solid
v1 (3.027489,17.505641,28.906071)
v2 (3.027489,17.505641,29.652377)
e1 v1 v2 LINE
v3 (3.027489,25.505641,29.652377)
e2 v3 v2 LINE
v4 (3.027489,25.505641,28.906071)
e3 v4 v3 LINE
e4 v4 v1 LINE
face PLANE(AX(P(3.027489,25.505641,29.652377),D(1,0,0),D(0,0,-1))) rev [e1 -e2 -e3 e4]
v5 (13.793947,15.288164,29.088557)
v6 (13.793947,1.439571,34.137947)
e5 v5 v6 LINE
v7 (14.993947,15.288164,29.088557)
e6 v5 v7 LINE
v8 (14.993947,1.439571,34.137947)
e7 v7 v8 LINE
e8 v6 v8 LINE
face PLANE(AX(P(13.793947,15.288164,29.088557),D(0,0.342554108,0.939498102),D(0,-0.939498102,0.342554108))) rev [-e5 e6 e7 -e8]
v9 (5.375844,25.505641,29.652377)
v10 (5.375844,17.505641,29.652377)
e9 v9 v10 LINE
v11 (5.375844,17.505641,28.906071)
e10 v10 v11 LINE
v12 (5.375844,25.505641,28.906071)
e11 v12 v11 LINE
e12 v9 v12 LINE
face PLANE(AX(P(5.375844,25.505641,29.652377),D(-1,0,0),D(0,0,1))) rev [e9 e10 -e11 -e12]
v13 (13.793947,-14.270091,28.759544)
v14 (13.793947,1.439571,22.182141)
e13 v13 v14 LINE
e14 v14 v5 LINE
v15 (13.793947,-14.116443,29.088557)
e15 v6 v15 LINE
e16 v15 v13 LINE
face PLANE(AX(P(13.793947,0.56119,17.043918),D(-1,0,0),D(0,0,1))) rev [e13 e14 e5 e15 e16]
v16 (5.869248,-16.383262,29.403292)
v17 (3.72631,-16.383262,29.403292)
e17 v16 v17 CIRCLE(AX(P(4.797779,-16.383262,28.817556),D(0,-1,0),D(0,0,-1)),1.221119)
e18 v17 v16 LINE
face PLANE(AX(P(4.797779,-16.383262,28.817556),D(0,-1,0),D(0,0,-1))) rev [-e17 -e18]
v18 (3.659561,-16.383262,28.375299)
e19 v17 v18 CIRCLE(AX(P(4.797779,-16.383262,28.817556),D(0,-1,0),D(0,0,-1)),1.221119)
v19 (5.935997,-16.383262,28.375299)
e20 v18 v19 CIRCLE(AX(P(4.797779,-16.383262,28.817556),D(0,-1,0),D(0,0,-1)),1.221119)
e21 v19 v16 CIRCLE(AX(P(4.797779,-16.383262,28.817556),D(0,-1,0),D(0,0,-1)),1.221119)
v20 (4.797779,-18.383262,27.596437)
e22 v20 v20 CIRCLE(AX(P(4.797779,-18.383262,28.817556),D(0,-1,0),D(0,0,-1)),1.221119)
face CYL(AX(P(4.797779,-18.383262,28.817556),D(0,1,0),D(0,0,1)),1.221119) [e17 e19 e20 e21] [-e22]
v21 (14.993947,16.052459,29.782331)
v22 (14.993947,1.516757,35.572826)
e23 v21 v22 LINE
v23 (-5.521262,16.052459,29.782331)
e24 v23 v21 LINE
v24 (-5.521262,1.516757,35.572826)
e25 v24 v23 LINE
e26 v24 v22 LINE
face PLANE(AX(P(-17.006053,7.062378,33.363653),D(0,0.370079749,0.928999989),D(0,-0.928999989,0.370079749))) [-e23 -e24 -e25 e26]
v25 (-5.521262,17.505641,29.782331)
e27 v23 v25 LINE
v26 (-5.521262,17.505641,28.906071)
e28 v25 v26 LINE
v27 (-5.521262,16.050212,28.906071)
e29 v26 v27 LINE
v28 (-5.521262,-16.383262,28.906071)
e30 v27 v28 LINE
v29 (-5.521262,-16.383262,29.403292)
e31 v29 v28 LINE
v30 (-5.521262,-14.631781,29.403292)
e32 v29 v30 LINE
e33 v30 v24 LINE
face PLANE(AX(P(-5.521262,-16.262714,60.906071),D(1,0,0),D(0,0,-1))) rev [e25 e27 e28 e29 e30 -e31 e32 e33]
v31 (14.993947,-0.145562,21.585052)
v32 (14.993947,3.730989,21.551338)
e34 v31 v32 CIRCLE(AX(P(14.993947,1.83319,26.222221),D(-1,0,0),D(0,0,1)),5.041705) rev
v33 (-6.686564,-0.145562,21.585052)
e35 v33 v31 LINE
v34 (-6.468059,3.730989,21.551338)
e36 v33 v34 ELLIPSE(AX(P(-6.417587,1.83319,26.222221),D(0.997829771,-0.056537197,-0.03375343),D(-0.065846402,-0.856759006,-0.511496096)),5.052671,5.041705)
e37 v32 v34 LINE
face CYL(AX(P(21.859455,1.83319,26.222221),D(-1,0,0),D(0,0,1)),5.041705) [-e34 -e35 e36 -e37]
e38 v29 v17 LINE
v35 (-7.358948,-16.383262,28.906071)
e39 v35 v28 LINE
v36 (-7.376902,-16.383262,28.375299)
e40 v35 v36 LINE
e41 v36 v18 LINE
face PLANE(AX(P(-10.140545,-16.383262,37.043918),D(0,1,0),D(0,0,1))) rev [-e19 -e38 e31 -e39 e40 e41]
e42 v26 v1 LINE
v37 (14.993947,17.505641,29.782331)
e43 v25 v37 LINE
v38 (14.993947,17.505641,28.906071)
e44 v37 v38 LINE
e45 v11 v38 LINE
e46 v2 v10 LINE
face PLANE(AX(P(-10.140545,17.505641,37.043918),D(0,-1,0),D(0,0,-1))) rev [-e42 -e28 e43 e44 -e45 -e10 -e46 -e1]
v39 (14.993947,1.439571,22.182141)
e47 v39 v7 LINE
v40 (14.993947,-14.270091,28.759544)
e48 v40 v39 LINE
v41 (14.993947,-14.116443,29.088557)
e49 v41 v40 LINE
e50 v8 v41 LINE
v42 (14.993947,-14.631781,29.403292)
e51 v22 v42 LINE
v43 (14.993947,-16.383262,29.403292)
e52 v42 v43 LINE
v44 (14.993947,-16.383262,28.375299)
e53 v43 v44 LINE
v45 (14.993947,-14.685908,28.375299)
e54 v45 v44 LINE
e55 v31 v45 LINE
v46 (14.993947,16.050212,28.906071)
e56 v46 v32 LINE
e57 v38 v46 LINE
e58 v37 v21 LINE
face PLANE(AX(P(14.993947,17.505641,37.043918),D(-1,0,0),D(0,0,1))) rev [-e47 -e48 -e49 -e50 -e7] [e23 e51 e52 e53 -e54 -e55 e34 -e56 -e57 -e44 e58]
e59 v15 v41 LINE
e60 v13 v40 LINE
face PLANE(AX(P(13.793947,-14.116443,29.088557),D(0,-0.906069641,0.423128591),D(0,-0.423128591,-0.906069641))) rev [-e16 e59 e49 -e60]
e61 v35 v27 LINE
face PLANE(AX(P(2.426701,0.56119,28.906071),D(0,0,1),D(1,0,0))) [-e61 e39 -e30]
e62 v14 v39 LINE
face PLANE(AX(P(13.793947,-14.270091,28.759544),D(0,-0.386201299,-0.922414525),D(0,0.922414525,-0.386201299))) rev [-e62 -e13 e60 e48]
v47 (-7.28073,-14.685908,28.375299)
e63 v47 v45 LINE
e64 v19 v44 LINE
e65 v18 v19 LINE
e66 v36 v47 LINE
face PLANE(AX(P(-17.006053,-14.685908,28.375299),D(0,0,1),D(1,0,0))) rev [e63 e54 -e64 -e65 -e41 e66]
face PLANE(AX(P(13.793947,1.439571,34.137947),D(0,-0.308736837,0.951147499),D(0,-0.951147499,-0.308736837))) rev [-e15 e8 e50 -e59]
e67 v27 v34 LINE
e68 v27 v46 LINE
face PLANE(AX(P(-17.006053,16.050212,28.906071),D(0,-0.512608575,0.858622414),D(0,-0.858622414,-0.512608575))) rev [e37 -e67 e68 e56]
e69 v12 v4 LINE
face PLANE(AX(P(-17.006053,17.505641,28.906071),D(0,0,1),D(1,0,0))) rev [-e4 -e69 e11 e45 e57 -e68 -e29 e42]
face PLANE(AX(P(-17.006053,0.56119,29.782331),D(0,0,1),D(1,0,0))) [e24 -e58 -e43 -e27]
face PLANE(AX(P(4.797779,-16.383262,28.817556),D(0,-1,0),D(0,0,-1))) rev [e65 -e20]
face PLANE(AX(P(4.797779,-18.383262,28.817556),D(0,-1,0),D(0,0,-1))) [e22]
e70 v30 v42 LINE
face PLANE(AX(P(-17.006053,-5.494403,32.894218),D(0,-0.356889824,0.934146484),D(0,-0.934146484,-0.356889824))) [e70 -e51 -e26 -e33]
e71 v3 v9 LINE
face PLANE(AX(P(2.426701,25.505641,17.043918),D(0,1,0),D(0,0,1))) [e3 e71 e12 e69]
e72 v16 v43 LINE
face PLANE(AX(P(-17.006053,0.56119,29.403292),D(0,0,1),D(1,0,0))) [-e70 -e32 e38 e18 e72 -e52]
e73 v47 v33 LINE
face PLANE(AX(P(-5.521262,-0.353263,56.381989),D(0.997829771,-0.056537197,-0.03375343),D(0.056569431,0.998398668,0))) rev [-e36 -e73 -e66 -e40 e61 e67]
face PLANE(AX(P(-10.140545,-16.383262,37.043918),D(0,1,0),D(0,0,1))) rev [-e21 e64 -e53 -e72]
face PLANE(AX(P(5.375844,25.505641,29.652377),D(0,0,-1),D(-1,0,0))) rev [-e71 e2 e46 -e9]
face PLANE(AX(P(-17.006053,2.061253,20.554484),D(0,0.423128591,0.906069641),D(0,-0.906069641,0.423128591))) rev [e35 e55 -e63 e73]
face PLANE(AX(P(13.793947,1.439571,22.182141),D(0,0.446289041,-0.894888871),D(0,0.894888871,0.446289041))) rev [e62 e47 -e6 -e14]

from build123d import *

# Parameters (mm, degrees)
SKETCH4_W           = 62.83623107
SKETCH4_H           = 84.722256574
BOSS_EXTRUDE2_DEPTH = 50
CUT_EXTRUDE2_DEPTH  = 80
CUT_EXTRUDE3_DEPTH  = 80
CUT_EXTRUDE5_DEPTH  = 80
CUT_EXTRUDE6_DEPTH  = 3
CUT_EXTRUDE8_DEPTH  = 80
CUT_EXTRUDE9_DEPTH  = 80
SKETCH11_W          = 5.870888161
SKETCH11_H          = 1.865764547
BOSS_EXTRUDE3_DEPTH = 20
SCALE1_SCALE        = 0.5
SCALE2_SCALE        = 0.4
SCALE3_SCALE        = 0.5
SCALE5_SCALE        = 4
SKETCH13_R          = 1.221118876
BOSS_EXTRUDE4_DEPTH = 2


with BuildPart() as part:
    # Sketch4 → Boss-Extrude2 (new body)
    with BuildSketch(Plane.XY):
        Rectangle(SKETCH4_W, SKETCH4_H)
    extrude(amount=BOSS_EXTRUDE2_DEPTH)

    # Sketch5 → Cut-Extrude2 (cut)
    with BuildSketch(Plane(origin=(31.418115535, 0, 0), x_dir=(0, 0, -1), z_dir=(1, 0, 0))):
        Polygon((-31.846034257, 38.728174008), (-31.846034257, 42.361128287), (-50, 42.361128287), (-50, -42.361128287), (-30.898434646, -42.361128287), (-30.898434646, -37.982426726), (-46.322270236, 2.38891709), align=None)
    extrude(amount=-CUT_EXTRUDE2_DEPTH, mode=Mode.SUBTRACT)

    # Sketch6 → Cut-Extrude3 (cut)
    with BuildSketch(Plane(origin=(31.418115535, 0, 0), x_dir=(0, 0, -1), z_dir=(1, 0, 0))):
        Polygon((-29.655383969, 42.361128287), (-29.655383969, 38.722554473), (-8.776416022, 3.750158878), (-28.328453067, -38.117745), (-28.328453067, -42.361128287), (-27.677514405, -46.625913761), (16.839811583, -52.045359618), (10.267667228, 27.190343951), (3.73953172, 54.484047391), align=None)
    extrude(amount=-CUT_EXTRUDE3_DEPTH, mode=Mode.SUBTRACT)

    # Sketch7 → Cut-Extrude5 (cut)
    with BuildSketch(Plane.ZY.offset(31.418115535)):
        with BuildLine():
            ThreePointArc((13.228873585, 11.208051798), (10.417703783, 4.563945687), (11.71087014, -2.533556863))
            ThreePointArc((11.71087014, -2.533556863), (0.747619784, 5.632177302), (13.228873585, 11.208051798))
        make_face()
    extrude(amount=-CUT_EXTRUDE5_DEPTH, mode=Mode.SUBTRACT)

    # Sketch8 → Cut-Extrude6 (cut)
    with BuildSketch(Plane(origin=(31.418115535, 0, 0), x_dir=(0, 0, -1), z_dir=(1, 0, 0))):
        Polygon((-30.111598921, 36.817435747), (-42.735074125, 2.19595341), (-30.111598921, -36.694083179), (-29.289064541, -37.07820135), (-12.845557678, 2.19595341), align=None)
    extrude(amount=-CUT_EXTRUDE6_DEPTH, mode=Mode.SUBTRACT)

    # Sketch9 → Cut-Extrude8 (cut)
    with BuildSketch(Plane(origin=(0, 0, 29.655383969), x_dir=(-1, 0, 0), z_dir=(0, 0, -1))):
        Polygon((19.869908303, 42.361128287), (19.869908303, 38.722554473), (19.869908303, 5.586987563), (19.869908303, -4.186945454), (19.869908303, -38.208459621), (19.869908303, -42.059759196), (19.869908303, -47.026854784), (41.256673117, -49.585938288), (42.081255469, -21.197702537), (42.081255469, 12.428184914), (37.482224788, 37.513066745), (31.418115535, 49.4837873), align=None)
    extrude(amount=-CUT_EXTRUDE8_DEPTH, mode=Mode.SUBTRACT)

    # Sketch10 → Cut-Extrude9 (cut)
    with BuildSketch(Plane(origin=(0, -2.877407212, 4.819674209), x_dir=(-1, 0, 0), z_dir=(0, 0.5126085745439567, -0.8586224136976701))):
        Polygon((19.869908303, 48.44965729), (25.693686727, -39.803296282), (32.448126733, -43.444815965), (49.802642339, -43.444815965), (32.448126733, 57.840856492), align=None)
    extrude(amount=-CUT_EXTRUDE9_DEPTH, mode=Mode.SUBTRACT)

    # Sketch11 → Boss-Extrude3 (add)
    with BuildSketch(Plane(origin=(0, 42.361128287, 0), x_dir=(1, 0, 0), z_dir=(0, 1, 0))):
        with Locations((4.437413085, -30.588266243)):
            Rectangle(SKETCH11_W, SKETCH11_H)
    extrude(amount=BOSS_EXTRUDE3_DEPTH)


with BuildPart() as part_1:
    # Scale1: scaled about (4.044501914, 0.935318094, 28.406526913)
    add(part.part.scale(SCALE1_SCALE).moved(Location((2.022250957, 0.467659047, 14.203263457))))


with BuildPart() as part_2:
    # Scale2: scaled about (4.044501914, 0.935318094, 28.406526913)
    add(part_1.part.scale(SCALE2_SCALE).moved(Location((2.426701148, 0.561190856, 17.043916148))))


with BuildPart() as part_3:
    # Scale3: scaled about (4.044501914, 0.935318094, 28.406526913)
    add(part_2.part.scale(SCALE3_SCALE).moved(Location((2.022250957, 0.467659047, 14.203263457))))


with BuildPart() as part_4:
    # Scale5: scaled about (4.044501914, 0.935318094, 28.406526913)
    add(part_3.part.scale(SCALE5_SCALE).moved(Location((-12.133505742, -2.805954282, -85.219580739))))


with BuildPart() as boss_extrude4_tool:
    # Sketch13 → Boss-Extrude4 (new body)
    with BuildSketch(Plane(origin=(0, -16.38326151, 0), x_dir=(-1, 0, 0), z_dir=(0, -1, 0))):
        with Locations(Location((-4.797778916, -28.817556161, 0), (0, 0, 331.33607571))):
            Circle(SKETCH13_R)
    extrude(amount=BOSS_EXTRUDE4_DEPTH)


with BuildPart() as part_5:
    add(part_4.part)


with BuildPart() as part_6:
    # Boss-Extrude4: joined with boss_extrude4_tool
    add(part_5.part.fuse(boss_extrude4_tool.part, tol=0.00001))


solid = part_6.part
